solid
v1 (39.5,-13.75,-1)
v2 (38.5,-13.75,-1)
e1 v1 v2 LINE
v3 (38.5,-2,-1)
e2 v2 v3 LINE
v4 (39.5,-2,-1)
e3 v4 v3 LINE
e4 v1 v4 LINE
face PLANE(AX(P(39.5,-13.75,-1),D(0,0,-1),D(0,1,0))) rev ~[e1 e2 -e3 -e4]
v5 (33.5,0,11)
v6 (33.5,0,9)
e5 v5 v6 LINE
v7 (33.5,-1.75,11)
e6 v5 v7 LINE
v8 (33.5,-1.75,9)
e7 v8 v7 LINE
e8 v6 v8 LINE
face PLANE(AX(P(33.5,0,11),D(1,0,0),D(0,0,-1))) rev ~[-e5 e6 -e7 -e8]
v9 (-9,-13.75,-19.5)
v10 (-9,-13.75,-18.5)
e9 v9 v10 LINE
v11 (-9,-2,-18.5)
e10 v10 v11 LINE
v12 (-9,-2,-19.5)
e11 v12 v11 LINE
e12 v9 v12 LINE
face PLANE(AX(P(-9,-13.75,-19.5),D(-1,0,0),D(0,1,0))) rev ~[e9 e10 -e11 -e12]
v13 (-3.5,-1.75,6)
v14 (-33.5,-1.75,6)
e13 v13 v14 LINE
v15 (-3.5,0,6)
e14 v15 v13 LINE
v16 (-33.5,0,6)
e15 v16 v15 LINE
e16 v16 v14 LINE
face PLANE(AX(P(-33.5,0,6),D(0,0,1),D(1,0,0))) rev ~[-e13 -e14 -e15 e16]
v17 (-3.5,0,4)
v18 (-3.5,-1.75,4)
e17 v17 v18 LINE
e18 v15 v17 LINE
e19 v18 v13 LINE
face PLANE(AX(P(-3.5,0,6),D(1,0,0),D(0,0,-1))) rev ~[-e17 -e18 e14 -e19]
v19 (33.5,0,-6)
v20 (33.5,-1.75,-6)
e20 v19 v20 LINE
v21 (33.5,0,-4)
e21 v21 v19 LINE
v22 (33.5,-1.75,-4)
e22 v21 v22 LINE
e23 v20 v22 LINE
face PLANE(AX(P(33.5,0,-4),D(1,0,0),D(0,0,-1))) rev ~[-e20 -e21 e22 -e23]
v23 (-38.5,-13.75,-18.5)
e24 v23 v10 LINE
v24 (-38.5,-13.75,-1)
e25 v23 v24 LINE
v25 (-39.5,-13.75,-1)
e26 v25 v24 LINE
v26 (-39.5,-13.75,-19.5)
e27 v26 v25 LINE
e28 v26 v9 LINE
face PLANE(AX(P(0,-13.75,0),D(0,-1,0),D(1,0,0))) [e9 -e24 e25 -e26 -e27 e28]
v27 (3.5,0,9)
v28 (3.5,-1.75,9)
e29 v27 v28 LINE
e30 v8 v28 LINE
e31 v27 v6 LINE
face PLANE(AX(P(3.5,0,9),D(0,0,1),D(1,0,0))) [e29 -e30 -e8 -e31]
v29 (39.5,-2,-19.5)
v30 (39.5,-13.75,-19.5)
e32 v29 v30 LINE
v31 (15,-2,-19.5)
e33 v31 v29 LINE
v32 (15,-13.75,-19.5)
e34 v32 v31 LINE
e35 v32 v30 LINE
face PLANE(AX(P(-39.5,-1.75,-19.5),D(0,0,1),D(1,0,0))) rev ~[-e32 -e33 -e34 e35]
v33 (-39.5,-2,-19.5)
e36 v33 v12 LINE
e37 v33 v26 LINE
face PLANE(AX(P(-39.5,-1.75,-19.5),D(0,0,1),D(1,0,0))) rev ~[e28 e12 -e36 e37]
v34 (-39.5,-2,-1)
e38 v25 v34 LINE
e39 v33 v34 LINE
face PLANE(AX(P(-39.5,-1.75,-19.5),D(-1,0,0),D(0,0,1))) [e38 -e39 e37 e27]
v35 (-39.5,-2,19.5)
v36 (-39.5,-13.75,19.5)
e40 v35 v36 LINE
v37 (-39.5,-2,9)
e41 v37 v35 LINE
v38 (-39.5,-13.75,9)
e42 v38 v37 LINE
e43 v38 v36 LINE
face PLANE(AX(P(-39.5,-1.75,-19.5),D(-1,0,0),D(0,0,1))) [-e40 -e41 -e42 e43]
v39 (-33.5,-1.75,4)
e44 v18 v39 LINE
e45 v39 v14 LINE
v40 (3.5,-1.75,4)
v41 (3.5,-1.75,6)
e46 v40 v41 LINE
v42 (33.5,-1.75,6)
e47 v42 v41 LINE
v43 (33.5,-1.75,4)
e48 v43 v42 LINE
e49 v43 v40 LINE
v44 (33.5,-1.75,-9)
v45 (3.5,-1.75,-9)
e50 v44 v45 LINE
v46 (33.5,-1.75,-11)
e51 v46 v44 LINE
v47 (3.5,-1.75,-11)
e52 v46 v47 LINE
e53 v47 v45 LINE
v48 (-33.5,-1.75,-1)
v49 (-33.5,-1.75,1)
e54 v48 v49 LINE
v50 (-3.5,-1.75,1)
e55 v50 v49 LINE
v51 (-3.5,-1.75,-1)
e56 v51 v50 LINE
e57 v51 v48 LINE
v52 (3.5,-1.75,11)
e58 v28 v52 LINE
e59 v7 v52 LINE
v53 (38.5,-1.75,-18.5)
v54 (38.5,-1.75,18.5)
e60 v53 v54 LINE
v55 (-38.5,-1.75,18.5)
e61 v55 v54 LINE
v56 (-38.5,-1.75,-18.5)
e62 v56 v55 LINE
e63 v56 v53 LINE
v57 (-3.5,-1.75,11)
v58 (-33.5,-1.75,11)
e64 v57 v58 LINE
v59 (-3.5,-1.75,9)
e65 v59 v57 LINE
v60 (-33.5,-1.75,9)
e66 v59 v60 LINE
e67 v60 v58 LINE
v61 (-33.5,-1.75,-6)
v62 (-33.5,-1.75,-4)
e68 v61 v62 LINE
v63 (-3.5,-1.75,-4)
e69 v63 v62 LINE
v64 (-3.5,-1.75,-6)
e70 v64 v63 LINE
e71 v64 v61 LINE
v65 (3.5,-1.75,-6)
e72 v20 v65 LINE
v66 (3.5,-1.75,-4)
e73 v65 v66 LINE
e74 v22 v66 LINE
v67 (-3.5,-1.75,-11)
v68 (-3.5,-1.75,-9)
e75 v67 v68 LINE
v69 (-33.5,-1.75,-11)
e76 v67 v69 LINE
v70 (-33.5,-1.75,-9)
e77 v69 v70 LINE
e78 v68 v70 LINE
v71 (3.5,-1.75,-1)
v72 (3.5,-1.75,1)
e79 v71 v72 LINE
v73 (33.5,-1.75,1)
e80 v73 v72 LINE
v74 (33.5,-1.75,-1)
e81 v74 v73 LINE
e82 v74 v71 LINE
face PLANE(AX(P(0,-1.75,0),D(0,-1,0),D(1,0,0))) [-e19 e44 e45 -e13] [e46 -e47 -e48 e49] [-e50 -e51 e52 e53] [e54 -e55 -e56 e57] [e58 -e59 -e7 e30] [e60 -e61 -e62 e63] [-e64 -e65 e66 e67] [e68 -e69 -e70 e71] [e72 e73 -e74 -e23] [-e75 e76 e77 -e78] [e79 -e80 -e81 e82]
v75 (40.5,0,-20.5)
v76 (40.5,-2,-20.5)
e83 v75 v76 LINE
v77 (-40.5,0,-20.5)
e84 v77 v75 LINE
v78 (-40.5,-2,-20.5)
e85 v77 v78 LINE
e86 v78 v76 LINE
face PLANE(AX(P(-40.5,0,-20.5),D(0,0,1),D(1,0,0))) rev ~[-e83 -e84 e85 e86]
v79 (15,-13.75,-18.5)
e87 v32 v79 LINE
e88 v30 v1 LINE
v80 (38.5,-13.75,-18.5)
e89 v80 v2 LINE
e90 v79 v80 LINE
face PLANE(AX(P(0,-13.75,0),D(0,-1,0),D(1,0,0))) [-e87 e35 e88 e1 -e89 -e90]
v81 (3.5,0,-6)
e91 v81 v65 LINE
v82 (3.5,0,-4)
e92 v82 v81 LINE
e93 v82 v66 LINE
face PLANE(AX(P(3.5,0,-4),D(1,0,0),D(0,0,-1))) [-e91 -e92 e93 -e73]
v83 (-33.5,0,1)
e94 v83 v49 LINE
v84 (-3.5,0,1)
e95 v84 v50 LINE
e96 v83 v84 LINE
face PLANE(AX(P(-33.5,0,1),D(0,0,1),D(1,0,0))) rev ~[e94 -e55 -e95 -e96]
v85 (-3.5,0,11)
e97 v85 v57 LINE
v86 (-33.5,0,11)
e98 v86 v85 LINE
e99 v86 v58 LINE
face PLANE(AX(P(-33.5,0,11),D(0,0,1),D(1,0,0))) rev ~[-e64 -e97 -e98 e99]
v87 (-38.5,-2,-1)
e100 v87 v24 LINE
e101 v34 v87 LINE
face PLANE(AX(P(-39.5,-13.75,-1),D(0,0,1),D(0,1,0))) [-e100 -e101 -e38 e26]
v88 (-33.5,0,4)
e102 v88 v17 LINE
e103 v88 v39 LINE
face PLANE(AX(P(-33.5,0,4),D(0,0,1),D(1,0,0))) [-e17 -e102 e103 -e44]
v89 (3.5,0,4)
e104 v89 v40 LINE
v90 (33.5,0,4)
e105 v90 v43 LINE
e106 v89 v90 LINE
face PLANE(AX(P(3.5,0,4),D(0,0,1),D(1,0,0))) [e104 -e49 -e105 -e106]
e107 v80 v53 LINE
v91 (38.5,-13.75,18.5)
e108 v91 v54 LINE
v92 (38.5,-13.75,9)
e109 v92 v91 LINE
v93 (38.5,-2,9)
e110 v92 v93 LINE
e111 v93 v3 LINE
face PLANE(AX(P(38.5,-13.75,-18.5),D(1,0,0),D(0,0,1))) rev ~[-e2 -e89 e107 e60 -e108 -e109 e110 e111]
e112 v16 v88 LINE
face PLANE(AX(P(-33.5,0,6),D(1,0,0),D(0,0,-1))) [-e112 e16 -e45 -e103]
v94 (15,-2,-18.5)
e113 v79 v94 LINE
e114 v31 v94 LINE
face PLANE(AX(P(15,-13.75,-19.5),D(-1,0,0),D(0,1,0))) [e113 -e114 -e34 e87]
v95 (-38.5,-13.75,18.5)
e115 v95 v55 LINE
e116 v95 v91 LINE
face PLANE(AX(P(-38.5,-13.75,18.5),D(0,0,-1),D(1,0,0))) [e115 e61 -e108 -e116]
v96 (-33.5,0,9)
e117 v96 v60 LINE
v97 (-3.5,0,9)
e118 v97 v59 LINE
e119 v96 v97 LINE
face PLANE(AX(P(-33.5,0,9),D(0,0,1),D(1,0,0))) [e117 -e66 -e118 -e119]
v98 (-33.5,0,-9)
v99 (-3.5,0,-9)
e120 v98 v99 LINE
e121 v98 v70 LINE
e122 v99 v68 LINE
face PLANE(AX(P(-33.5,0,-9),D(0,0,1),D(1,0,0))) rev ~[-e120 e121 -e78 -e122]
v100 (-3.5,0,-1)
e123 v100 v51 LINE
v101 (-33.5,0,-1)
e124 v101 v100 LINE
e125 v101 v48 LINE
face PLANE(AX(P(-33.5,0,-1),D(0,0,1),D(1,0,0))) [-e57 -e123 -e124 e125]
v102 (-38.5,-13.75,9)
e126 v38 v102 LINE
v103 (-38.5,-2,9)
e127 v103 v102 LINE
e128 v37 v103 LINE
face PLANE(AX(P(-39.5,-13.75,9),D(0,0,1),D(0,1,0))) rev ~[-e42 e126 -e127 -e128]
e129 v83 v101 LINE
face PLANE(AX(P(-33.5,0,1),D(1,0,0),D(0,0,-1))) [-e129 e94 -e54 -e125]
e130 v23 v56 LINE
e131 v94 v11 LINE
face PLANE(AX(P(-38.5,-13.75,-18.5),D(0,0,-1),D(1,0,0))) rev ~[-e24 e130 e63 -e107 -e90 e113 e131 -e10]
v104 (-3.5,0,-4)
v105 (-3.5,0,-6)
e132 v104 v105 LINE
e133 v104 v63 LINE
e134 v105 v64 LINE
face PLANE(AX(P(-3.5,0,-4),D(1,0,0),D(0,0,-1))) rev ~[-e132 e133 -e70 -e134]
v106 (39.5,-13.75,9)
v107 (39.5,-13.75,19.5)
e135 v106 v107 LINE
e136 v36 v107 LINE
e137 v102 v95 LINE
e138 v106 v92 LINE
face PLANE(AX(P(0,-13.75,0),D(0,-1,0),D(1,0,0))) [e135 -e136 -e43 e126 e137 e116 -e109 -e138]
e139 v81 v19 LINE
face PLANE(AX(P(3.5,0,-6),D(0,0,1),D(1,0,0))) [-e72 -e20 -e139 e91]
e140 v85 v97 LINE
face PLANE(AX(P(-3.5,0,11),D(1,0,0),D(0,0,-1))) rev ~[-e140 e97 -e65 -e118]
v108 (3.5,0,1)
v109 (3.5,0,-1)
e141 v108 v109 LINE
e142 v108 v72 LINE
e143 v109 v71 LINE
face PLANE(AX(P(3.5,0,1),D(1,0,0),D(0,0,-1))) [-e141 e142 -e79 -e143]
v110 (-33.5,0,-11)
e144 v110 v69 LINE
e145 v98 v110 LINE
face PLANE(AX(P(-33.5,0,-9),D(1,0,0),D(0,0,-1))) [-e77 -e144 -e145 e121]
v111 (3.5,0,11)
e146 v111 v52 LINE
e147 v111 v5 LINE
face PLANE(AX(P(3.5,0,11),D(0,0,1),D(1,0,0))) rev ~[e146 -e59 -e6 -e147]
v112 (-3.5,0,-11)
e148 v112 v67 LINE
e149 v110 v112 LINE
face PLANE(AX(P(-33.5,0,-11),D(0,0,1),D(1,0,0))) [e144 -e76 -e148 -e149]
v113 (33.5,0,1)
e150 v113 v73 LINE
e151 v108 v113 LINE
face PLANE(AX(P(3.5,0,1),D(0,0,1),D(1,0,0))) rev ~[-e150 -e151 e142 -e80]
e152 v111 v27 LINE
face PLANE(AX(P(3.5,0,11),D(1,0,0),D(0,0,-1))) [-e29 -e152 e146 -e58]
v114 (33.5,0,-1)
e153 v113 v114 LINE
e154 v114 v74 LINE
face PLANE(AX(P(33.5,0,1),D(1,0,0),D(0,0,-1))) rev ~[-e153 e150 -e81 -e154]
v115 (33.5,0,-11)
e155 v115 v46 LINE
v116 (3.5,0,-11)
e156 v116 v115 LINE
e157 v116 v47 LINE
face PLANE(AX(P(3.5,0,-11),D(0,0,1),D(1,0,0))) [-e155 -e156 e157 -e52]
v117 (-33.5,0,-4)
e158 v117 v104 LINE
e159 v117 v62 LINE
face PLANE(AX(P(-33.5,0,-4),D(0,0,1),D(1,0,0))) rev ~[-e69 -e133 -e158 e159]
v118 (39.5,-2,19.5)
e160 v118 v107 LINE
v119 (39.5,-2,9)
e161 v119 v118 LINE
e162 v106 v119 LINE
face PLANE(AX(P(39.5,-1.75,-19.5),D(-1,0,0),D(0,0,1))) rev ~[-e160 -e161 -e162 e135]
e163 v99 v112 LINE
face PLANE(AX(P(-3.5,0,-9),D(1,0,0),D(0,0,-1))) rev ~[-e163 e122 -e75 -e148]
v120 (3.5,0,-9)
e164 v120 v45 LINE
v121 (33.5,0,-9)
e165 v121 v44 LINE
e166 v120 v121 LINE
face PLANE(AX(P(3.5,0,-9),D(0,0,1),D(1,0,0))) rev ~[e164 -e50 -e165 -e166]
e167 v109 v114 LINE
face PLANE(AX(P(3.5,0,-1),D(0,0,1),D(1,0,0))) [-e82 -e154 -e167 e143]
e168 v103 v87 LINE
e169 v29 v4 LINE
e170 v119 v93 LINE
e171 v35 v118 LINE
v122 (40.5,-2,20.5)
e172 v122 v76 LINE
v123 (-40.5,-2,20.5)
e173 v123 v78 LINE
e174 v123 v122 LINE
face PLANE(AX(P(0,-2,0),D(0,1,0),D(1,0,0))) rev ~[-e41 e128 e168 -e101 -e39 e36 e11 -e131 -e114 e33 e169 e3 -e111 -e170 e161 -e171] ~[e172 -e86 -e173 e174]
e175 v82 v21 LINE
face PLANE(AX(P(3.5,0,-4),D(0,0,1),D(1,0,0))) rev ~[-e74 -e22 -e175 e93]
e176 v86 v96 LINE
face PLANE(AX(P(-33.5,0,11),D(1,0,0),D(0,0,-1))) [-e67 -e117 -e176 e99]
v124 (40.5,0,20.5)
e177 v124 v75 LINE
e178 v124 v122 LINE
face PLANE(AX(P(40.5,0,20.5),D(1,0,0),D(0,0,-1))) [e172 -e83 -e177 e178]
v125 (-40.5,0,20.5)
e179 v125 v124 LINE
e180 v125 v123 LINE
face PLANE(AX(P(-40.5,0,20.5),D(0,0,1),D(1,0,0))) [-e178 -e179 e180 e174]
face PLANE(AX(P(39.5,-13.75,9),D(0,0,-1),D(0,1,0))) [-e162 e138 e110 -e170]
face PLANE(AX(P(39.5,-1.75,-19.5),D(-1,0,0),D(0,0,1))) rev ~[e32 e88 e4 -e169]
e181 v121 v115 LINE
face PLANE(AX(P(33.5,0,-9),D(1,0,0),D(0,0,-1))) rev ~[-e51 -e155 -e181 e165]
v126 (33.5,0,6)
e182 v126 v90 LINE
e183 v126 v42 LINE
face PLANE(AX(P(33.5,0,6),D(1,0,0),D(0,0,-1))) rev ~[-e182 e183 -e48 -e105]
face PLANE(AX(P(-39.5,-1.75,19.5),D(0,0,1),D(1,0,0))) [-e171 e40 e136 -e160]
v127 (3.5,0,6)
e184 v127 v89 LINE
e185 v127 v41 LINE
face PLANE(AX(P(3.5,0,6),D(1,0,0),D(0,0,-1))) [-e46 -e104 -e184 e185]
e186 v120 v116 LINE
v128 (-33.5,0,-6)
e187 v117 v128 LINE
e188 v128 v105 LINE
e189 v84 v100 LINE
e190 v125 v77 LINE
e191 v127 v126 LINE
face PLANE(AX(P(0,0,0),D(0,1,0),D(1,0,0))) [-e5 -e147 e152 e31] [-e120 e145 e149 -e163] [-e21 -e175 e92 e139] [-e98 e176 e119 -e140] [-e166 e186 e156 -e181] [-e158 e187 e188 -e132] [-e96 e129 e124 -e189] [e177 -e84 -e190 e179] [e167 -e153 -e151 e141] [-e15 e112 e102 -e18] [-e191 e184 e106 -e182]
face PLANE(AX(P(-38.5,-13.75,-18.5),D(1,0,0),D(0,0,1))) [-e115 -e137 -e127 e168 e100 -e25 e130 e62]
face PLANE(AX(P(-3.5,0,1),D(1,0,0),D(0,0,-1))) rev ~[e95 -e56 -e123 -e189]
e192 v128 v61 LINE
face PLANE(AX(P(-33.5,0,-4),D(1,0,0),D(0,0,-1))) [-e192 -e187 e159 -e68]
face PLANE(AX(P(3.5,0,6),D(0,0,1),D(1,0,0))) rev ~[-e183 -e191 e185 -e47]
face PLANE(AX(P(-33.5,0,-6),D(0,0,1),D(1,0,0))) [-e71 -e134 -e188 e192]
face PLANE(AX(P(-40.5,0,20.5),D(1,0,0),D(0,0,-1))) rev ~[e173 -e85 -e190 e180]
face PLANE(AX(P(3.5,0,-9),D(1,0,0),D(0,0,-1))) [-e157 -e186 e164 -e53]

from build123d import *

# Parameters (mm, degrees)
SKETCH011_W     = 81
SKETCH011_H     = 41
PAD002_DEPTH    = 2
SKETCH012_W     = 79
SKETCH012_H     = 39
PAD003_DEPTH    = 12
SKETCH059_W     = 77
SKETCH059_H     = 37
POCKET022_DEPTH = 12
SKETCH060_W     = 30
SKETCH060_H     = 2
POCKET023_DEPTH = 2
SKETCH061_W     = 24
SKETCH061_H     = 11.75
POCKET024_DEPTH = 2
SKETCH103_W     = 10
SKETCH103_H     = 11.75
POCKET038_DEPTH = 2
SKETCH104_W     = 10
SKETCH104_H     = 11.75
POCKET039_DEPTH = 2


with BuildPart() as part:
    # Sketch011 (on DatumPlane) → Pad002 (new body)
    with BuildSketch(Plane(origin=(0, 0, 0), x_dir=(1, 0, 0), z_dir=(0, 1, 0))):
        Rectangle(SKETCH011_W, SKETCH011_H)
    extrude(amount=-PAD002_DEPTH)

    # Sketch012 → Pad003 (join)
    with BuildSketch(Plane.XZ.offset(1.75)):
        Rectangle(SKETCH012_W, SKETCH012_H)
    extrude(amount=PAD003_DEPTH)

    # Sketch059 (on Face11 of Pad003) → Pocket022 (cut)
    with BuildSketch(Plane.XZ.offset(13.75)):
        Rectangle(SKETCH059_W, SKETCH059_H)
    extrude(amount=-POCKET022_DEPTH, mode=Mode.SUBTRACT)

    # Sketch060 (on Face4 of Pocket022) → Pocket023 (cut)
    with BuildSketch(Plane(origin=(0, 0, 0), x_dir=(1, 0, 0), z_dir=(0, 1, 0))):
        with Locations((18.5, -10)):
            Rectangle(SKETCH060_W, SKETCH060_H)
        with Locations((18.5, -5)):
            Rectangle(SKETCH060_W, SKETCH060_H)
        with Locations((18.5, 0)):
            Rectangle(SKETCH060_W, SKETCH060_H)
        with Locations((18.5, 5)):
            Rectangle(SKETCH060_W, SKETCH060_H)
        with Locations((18.5, 10)):
            Rectangle(SKETCH060_W, SKETCH060_H)
        with Locations((-18.5, -10)):
            Rectangle(SKETCH060_W, SKETCH060_H)
        with Locations((-18.5, -5)):
            Rectangle(SKETCH060_W, SKETCH060_H)
        with Locations((-18.5, 0)):
            Rectangle(SKETCH060_W, SKETCH060_H)
        with Locations((-18.5, 5)):
            Rectangle(SKETCH060_W, SKETCH060_H)
        with Locations((-18.5, 10)):
            Rectangle(SKETCH060_W, SKETCH060_H)
    extrude(amount=-POCKET023_DEPTH, mode=Mode.SUBTRACT)

    # Sketch061 (on Face50 of Pocket023) → Pocket024 (cut)
    with BuildSketch(Plane(origin=(0, 0, -19.5), x_dir=(-1, 0, 0), z_dir=(0, 0, -1))):
        with Locations((-3, -7.875)):
            Rectangle(SKETCH061_W, SKETCH061_H)
    extrude(amount=-POCKET024_DEPTH, mode=Mode.SUBTRACT)

    # Sketch103 (on Face1 of Pocket024) → Pocket038 (cut)
    with BuildSketch(Plane.ZY.offset(39.5)):
        with Locations((4, -7.875)):
            Rectangle(SKETCH103_W, SKETCH103_H)
    extrude(amount=-POCKET038_DEPTH, mode=Mode.SUBTRACT)

    # Sketch104 (on Face15 of Pocket038) → Pocket039 (cut)
    with BuildSketch(Plane(origin=(39.5, 0, 0), x_dir=(0, 0, -1), z_dir=(1, 0, 0))):
        with Locations((-4, -7.875)):
            Rectangle(SKETCH104_W, SKETCH104_H)
    extrude(amount=-POCKET039_DEPTH, mode=Mode.SUBTRACT)


solid = part.part
